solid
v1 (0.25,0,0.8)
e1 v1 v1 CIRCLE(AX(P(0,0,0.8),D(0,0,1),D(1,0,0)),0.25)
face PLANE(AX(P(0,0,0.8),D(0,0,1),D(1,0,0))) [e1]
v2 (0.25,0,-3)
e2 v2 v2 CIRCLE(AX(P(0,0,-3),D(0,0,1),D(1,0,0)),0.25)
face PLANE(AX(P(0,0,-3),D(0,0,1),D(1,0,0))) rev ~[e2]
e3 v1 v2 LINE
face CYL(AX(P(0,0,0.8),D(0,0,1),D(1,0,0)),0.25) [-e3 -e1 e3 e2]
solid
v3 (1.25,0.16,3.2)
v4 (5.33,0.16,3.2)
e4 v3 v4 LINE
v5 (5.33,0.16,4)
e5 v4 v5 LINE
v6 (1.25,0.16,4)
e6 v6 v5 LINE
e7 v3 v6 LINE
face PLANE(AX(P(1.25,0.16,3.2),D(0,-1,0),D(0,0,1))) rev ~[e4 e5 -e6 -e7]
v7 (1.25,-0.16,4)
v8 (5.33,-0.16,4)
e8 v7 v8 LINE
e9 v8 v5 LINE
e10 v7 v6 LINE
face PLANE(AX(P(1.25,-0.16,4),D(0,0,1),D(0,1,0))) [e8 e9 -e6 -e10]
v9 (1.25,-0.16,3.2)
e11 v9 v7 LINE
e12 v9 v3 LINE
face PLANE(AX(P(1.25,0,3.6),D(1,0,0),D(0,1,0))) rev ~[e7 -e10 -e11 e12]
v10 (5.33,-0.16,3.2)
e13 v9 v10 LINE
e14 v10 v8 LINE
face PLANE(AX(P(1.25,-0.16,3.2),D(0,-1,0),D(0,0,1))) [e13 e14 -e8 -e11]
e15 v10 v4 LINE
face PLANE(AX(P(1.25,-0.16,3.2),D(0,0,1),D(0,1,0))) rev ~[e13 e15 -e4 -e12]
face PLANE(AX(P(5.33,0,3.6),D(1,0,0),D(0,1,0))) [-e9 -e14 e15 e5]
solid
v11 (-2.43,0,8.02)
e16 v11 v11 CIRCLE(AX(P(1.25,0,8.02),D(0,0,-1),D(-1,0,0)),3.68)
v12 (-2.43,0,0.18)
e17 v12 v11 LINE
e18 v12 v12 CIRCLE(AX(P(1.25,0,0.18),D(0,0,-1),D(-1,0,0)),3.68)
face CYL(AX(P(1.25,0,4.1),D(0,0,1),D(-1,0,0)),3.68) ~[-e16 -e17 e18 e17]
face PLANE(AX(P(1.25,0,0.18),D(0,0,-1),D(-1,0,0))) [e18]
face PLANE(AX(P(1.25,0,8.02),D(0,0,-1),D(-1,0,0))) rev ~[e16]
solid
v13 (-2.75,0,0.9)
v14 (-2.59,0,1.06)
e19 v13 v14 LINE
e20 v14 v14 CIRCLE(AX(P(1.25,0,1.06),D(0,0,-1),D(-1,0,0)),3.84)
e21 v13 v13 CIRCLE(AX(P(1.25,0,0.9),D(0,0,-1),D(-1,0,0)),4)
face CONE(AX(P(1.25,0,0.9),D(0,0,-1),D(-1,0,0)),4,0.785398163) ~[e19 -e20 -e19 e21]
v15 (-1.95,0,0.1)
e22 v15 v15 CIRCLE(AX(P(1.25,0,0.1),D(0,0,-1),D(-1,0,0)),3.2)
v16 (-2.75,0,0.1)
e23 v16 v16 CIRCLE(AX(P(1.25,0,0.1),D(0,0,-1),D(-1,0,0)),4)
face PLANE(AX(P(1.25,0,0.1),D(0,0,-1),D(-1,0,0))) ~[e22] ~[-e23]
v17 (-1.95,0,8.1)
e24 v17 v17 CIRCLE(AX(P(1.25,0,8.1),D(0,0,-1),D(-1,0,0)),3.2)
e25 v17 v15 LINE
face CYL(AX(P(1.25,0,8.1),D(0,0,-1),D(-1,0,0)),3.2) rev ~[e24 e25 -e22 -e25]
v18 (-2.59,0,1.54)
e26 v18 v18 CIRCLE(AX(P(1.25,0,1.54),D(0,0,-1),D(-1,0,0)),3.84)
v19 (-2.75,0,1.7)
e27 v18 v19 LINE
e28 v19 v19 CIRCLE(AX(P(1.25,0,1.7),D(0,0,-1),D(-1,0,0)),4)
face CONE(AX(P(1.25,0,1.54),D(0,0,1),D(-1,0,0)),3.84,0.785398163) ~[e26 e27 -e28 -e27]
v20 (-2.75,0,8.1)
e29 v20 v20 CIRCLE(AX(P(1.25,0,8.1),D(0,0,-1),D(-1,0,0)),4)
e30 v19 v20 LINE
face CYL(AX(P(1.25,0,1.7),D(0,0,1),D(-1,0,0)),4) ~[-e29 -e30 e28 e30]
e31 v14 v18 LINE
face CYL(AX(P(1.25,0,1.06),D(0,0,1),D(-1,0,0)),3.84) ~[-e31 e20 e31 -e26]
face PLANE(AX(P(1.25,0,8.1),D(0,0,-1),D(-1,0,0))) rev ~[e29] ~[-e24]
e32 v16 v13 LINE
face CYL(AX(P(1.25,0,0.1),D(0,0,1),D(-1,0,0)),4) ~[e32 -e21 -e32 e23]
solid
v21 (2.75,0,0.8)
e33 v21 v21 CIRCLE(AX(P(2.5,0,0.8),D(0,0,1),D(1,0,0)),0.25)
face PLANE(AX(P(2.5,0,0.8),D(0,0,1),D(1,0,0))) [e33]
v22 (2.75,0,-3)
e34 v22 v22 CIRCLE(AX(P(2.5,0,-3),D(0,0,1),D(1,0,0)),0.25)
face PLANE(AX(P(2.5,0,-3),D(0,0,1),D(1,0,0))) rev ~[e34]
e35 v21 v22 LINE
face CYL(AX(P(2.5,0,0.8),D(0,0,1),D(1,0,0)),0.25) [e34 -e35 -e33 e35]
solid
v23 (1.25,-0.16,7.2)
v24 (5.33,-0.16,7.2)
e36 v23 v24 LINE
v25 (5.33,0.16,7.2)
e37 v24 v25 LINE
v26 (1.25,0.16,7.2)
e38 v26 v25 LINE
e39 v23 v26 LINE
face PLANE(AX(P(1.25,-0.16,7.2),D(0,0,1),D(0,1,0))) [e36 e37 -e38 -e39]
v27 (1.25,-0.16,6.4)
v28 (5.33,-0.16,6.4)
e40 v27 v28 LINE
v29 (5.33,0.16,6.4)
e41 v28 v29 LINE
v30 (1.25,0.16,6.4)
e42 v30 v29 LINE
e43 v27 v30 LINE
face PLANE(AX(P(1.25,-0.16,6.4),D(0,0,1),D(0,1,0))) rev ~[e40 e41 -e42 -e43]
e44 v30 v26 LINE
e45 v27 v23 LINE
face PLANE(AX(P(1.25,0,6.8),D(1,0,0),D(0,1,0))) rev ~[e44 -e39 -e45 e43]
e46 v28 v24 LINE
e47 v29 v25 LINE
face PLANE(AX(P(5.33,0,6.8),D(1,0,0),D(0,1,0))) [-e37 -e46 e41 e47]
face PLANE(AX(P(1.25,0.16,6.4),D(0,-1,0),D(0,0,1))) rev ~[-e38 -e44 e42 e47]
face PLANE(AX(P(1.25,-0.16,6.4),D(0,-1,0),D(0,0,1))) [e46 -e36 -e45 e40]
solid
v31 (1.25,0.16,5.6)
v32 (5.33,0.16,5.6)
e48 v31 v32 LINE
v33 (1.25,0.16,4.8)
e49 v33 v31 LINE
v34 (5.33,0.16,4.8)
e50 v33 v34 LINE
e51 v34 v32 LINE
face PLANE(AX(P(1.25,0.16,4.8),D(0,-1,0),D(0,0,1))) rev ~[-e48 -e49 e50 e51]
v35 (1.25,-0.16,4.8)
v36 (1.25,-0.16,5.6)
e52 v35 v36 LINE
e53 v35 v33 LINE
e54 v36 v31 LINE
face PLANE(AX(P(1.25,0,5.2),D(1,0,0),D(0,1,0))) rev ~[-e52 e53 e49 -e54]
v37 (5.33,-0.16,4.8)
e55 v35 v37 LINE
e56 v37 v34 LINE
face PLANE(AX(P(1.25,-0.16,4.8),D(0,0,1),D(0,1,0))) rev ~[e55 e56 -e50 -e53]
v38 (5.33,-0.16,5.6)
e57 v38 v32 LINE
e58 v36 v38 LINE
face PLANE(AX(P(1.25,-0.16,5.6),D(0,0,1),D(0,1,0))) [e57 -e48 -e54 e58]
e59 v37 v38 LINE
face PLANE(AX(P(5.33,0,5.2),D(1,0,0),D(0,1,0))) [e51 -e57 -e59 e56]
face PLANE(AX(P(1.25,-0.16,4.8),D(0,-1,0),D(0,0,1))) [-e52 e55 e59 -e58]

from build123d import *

# Parameters (mm, degrees)
SKETCH002_W  = 3.68
SKETCH002_H  = 7.84
SKETCH003_R  = 0.25
PAD_DEPTH    = 3.8
SKETCH004_W  = 0.32
SKETCH004_H  = 0.8
PAD001_DEPTH = 4.08


with BuildPart() as revolution:
    # Sketch → Revolution (revolve)
    with BuildSketch(Plane.XZ):
        Polygon((-2.75, 0.1), (-2.75, 0.9), (-2.59, 1.06), (-2.59, 1.54), (-2.75, 1.7), (-2.75, 8.1), (-1.95, 8.1), (-1.95, 0.1), align=None)
    revolve(axis=Axis((1.25, 0, 7.548619), (0, 0, -1)))


with BuildPart() as revolution001:
    # Sketch002 → Revolution001 (revolve)
    with BuildSketch(Plane.XZ):
        with Locations((-0.59, 4.1)):
            Rectangle(SKETCH002_W, SKETCH002_H)
    revolve(axis=Axis((1.25, 0, 4.680116), (0, 0, -1)))


with BuildPart() as pad:
    # Sketch003 → Pad (new body)
    with BuildSketch(Plane.XY.offset(0.8)):
        Circle(SKETCH003_R)
        with Locations((2.5, 0)):
            Circle(SKETCH003_R)
    extrude(amount=-PAD_DEPTH)


with BuildPart() as pad001:
    # Sketch004 → Pad001 (new body)
    with BuildSketch(Plane.YZ.offset(1.25)):
        with Locations((0, 3.6)):
            Rectangle(SKETCH004_W, SKETCH004_H)
        with Locations((0, 5.2)):
            Rectangle(SKETCH004_W, SKETCH004_H)
        with Locations((0, 6.8)):
            Rectangle(SKETCH004_W, SKETCH004_H)
    extrude(amount=PAD001_DEPTH)


solid = Compound([revolution.part, revolution001.part, pad.part, pad001.part])
